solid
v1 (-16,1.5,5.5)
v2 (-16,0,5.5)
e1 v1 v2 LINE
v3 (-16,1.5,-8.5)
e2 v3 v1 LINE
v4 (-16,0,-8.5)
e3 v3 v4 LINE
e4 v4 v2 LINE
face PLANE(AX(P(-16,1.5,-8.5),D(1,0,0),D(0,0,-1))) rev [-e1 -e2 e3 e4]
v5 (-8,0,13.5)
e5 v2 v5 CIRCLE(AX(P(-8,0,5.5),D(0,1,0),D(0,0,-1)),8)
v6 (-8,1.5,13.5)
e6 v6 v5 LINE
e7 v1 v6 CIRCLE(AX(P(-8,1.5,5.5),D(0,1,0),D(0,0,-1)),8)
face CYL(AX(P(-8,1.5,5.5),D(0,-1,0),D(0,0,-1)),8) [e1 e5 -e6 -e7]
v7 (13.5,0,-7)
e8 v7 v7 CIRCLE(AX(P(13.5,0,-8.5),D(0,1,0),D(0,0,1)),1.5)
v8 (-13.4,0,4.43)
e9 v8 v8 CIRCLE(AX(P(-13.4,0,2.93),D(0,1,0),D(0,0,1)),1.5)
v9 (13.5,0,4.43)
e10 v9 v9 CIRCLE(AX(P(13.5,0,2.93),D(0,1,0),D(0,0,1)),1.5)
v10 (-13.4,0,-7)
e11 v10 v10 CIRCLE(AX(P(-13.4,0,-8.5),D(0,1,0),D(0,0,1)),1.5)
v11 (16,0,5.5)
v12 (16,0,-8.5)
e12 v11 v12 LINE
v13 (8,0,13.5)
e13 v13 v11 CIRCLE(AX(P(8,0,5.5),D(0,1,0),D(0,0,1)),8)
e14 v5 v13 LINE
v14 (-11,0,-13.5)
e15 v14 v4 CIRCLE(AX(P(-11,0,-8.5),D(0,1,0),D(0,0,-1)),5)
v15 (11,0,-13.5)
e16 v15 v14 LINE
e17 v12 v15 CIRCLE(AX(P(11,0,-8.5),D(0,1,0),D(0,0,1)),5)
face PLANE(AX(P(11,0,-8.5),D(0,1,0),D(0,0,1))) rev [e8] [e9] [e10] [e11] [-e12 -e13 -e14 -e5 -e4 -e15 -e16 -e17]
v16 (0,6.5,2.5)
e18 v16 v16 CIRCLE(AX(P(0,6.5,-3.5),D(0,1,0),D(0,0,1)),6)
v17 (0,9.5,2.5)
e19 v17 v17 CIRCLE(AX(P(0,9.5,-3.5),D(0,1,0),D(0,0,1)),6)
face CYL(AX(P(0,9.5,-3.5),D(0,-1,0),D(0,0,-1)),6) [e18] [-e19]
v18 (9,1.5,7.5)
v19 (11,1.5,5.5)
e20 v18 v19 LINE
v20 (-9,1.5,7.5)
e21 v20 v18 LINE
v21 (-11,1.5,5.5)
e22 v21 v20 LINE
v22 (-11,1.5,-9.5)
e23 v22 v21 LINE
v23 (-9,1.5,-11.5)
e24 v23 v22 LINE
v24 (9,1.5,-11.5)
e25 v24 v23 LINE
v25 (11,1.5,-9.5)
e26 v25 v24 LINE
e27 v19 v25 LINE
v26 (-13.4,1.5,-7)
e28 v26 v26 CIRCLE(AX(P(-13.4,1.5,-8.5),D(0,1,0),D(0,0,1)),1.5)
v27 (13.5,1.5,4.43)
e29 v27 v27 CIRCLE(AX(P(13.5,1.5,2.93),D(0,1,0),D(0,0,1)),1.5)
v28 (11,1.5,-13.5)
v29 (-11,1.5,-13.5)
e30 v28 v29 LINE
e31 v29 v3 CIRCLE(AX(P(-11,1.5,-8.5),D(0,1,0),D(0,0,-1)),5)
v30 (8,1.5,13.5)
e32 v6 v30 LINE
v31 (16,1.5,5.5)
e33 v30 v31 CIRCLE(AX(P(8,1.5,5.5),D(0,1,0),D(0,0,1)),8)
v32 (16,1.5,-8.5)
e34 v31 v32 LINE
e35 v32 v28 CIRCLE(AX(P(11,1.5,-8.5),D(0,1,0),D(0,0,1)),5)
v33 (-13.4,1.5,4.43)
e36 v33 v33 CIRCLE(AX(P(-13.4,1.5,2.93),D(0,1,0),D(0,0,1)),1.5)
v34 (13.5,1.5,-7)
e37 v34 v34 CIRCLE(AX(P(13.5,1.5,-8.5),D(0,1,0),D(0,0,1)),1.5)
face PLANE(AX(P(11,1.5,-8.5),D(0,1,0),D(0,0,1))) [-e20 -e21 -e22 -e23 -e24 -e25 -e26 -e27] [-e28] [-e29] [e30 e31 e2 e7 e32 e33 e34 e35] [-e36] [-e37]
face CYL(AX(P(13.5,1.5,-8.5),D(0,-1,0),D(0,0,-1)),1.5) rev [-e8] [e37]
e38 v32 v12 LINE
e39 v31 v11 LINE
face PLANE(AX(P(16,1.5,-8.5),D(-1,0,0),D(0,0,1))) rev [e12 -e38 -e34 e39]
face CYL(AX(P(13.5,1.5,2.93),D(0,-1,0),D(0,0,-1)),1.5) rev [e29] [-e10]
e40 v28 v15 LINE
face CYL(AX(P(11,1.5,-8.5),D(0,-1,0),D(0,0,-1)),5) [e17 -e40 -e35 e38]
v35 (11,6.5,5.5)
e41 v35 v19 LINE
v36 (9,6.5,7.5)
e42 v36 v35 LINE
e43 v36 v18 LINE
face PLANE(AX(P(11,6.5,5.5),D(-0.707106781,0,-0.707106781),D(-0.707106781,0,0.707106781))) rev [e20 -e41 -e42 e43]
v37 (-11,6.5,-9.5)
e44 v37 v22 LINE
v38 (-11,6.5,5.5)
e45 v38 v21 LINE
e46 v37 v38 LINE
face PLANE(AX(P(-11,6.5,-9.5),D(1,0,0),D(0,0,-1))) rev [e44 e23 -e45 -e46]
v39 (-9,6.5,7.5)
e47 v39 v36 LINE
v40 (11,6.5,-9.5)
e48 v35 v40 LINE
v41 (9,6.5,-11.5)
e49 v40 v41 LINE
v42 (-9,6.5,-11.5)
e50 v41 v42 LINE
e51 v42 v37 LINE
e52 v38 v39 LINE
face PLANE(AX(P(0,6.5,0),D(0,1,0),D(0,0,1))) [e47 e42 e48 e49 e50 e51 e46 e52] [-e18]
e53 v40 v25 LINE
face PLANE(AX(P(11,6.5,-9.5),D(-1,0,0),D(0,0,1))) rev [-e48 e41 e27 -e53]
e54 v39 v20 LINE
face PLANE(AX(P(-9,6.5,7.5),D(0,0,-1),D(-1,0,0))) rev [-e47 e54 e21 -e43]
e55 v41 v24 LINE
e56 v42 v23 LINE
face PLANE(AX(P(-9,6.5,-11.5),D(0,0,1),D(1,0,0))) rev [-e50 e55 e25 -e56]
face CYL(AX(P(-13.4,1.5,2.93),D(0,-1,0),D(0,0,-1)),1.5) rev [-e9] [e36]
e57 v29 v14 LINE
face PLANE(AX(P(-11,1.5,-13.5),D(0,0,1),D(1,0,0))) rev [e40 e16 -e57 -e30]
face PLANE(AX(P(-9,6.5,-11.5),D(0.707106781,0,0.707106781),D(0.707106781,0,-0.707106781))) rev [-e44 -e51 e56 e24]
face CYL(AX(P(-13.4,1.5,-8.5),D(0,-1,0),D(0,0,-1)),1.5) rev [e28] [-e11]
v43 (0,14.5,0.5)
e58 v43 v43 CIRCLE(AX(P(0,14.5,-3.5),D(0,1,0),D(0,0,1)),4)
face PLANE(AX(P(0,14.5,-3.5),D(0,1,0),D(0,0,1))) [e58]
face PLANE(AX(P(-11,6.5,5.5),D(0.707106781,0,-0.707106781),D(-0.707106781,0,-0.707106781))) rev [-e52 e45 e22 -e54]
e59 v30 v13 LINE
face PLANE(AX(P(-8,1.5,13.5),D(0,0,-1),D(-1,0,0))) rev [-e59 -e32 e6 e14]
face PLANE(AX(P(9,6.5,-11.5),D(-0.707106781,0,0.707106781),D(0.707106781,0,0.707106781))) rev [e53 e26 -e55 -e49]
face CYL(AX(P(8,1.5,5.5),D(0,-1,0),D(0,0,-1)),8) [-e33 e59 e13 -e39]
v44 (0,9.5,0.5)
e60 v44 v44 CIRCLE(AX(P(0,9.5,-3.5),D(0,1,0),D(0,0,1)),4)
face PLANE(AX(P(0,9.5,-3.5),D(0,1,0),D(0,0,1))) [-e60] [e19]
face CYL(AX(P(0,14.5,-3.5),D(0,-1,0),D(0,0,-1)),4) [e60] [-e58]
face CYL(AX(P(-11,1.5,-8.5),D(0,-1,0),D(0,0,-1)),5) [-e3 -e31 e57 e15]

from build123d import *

# Parameters (mm, degrees)
SKETCH_1_R      = 1.5
EXTRUDE_1_DEPTH = 1.5
EXTRUDE_2_DEPTH = 5
SKETCH_3_R      = 6
EXTRUDE_3_DEPTH = 3
SKETCH_4_R      = 4
EXTRUDE_4_DEPTH = 5


with BuildPart() as part:
    # 草图1 → 凸台-拉伸1 (new body)
    with BuildSketch(Plane(origin=(0, 0, 0), x_dir=(1, 0, 0), z_dir=(0, 1, 0))):
        with BuildLine():
            Line((-11, 13.5), (11, 13.5))
            ThreePointArc((11, 13.5), (14.535533906, 12.035533906), (16, 8.5))
            Line((16, 8.5), (16, -5.5))
            ThreePointArc((16, -5.5), (13.656854249, -11.156854249), (8, -13.5))
            Line((8, -13.5), (-8, -13.5))
            ThreePointArc((-8, -13.5), (-13.656854249, -11.156854249), (-16, -5.5))
            Line((-16, -5.5), (-16, 8.5))
            ThreePointArc((-16, 8.5), (-14.535533906, 12.035533906), (-11, 13.5))
        make_face()
        with Locations(Location((-13.4, 8.5, 0), (0, 0, 270))):
            Circle(SKETCH_1_R, mode=Mode.SUBTRACT)
        with Locations(Location((13.5, 8.5, 0), (0, 0, 270))):
            Circle(SKETCH_1_R, mode=Mode.SUBTRACT)
        with Locations(Location((-13.4, -2.93, 0), (0, 0, 270))):
            Circle(SKETCH_1_R, mode=Mode.SUBTRACT)
        with Locations(Location((13.5, -2.93, 0), (0, 0, 270))):
            Circle(SKETCH_1_R, mode=Mode.SUBTRACT)
    extrude(amount=EXTRUDE_1_DEPTH)

    # 草图2 → 凸台-拉伸2 (add)
    with BuildSketch(Plane(origin=(0, 1.5, 0), x_dir=(1, 0, 0), z_dir=(0, 1, 0))):
        Polygon((-9, 11.5), (9, 11.5), (11, 9.5), (11, -5.5), (9, -7.5), (-9, -7.5), (-11, -5.5), (-11, 9.5), align=None)
    extrude(amount=EXTRUDE_2_DEPTH)

    # 草图3 → 凸台-拉伸3 (add)
    with BuildSketch(Plane(origin=(0, 6.5, 0), x_dir=(1, 0, 0), z_dir=(0, 1, 0))):
        with Locations(Location((0, 3.5, 0), (0, 0, 270))):
            Circle(SKETCH_3_R)
    extrude(amount=EXTRUDE_3_DEPTH)

    # 草图4 → 凸台-拉伸4 (add)
    with BuildSketch(Plane(origin=(0, 9.5, 0), x_dir=(1, 0, 0), z_dir=(0, 1, 0))):
        with Locations(Location((0, 3.5, 0), (0, 0, 270))):
            Circle(SKETCH_4_R)
    extrude(amount=EXTRUDE_4_DEPTH)


solid = part.part
